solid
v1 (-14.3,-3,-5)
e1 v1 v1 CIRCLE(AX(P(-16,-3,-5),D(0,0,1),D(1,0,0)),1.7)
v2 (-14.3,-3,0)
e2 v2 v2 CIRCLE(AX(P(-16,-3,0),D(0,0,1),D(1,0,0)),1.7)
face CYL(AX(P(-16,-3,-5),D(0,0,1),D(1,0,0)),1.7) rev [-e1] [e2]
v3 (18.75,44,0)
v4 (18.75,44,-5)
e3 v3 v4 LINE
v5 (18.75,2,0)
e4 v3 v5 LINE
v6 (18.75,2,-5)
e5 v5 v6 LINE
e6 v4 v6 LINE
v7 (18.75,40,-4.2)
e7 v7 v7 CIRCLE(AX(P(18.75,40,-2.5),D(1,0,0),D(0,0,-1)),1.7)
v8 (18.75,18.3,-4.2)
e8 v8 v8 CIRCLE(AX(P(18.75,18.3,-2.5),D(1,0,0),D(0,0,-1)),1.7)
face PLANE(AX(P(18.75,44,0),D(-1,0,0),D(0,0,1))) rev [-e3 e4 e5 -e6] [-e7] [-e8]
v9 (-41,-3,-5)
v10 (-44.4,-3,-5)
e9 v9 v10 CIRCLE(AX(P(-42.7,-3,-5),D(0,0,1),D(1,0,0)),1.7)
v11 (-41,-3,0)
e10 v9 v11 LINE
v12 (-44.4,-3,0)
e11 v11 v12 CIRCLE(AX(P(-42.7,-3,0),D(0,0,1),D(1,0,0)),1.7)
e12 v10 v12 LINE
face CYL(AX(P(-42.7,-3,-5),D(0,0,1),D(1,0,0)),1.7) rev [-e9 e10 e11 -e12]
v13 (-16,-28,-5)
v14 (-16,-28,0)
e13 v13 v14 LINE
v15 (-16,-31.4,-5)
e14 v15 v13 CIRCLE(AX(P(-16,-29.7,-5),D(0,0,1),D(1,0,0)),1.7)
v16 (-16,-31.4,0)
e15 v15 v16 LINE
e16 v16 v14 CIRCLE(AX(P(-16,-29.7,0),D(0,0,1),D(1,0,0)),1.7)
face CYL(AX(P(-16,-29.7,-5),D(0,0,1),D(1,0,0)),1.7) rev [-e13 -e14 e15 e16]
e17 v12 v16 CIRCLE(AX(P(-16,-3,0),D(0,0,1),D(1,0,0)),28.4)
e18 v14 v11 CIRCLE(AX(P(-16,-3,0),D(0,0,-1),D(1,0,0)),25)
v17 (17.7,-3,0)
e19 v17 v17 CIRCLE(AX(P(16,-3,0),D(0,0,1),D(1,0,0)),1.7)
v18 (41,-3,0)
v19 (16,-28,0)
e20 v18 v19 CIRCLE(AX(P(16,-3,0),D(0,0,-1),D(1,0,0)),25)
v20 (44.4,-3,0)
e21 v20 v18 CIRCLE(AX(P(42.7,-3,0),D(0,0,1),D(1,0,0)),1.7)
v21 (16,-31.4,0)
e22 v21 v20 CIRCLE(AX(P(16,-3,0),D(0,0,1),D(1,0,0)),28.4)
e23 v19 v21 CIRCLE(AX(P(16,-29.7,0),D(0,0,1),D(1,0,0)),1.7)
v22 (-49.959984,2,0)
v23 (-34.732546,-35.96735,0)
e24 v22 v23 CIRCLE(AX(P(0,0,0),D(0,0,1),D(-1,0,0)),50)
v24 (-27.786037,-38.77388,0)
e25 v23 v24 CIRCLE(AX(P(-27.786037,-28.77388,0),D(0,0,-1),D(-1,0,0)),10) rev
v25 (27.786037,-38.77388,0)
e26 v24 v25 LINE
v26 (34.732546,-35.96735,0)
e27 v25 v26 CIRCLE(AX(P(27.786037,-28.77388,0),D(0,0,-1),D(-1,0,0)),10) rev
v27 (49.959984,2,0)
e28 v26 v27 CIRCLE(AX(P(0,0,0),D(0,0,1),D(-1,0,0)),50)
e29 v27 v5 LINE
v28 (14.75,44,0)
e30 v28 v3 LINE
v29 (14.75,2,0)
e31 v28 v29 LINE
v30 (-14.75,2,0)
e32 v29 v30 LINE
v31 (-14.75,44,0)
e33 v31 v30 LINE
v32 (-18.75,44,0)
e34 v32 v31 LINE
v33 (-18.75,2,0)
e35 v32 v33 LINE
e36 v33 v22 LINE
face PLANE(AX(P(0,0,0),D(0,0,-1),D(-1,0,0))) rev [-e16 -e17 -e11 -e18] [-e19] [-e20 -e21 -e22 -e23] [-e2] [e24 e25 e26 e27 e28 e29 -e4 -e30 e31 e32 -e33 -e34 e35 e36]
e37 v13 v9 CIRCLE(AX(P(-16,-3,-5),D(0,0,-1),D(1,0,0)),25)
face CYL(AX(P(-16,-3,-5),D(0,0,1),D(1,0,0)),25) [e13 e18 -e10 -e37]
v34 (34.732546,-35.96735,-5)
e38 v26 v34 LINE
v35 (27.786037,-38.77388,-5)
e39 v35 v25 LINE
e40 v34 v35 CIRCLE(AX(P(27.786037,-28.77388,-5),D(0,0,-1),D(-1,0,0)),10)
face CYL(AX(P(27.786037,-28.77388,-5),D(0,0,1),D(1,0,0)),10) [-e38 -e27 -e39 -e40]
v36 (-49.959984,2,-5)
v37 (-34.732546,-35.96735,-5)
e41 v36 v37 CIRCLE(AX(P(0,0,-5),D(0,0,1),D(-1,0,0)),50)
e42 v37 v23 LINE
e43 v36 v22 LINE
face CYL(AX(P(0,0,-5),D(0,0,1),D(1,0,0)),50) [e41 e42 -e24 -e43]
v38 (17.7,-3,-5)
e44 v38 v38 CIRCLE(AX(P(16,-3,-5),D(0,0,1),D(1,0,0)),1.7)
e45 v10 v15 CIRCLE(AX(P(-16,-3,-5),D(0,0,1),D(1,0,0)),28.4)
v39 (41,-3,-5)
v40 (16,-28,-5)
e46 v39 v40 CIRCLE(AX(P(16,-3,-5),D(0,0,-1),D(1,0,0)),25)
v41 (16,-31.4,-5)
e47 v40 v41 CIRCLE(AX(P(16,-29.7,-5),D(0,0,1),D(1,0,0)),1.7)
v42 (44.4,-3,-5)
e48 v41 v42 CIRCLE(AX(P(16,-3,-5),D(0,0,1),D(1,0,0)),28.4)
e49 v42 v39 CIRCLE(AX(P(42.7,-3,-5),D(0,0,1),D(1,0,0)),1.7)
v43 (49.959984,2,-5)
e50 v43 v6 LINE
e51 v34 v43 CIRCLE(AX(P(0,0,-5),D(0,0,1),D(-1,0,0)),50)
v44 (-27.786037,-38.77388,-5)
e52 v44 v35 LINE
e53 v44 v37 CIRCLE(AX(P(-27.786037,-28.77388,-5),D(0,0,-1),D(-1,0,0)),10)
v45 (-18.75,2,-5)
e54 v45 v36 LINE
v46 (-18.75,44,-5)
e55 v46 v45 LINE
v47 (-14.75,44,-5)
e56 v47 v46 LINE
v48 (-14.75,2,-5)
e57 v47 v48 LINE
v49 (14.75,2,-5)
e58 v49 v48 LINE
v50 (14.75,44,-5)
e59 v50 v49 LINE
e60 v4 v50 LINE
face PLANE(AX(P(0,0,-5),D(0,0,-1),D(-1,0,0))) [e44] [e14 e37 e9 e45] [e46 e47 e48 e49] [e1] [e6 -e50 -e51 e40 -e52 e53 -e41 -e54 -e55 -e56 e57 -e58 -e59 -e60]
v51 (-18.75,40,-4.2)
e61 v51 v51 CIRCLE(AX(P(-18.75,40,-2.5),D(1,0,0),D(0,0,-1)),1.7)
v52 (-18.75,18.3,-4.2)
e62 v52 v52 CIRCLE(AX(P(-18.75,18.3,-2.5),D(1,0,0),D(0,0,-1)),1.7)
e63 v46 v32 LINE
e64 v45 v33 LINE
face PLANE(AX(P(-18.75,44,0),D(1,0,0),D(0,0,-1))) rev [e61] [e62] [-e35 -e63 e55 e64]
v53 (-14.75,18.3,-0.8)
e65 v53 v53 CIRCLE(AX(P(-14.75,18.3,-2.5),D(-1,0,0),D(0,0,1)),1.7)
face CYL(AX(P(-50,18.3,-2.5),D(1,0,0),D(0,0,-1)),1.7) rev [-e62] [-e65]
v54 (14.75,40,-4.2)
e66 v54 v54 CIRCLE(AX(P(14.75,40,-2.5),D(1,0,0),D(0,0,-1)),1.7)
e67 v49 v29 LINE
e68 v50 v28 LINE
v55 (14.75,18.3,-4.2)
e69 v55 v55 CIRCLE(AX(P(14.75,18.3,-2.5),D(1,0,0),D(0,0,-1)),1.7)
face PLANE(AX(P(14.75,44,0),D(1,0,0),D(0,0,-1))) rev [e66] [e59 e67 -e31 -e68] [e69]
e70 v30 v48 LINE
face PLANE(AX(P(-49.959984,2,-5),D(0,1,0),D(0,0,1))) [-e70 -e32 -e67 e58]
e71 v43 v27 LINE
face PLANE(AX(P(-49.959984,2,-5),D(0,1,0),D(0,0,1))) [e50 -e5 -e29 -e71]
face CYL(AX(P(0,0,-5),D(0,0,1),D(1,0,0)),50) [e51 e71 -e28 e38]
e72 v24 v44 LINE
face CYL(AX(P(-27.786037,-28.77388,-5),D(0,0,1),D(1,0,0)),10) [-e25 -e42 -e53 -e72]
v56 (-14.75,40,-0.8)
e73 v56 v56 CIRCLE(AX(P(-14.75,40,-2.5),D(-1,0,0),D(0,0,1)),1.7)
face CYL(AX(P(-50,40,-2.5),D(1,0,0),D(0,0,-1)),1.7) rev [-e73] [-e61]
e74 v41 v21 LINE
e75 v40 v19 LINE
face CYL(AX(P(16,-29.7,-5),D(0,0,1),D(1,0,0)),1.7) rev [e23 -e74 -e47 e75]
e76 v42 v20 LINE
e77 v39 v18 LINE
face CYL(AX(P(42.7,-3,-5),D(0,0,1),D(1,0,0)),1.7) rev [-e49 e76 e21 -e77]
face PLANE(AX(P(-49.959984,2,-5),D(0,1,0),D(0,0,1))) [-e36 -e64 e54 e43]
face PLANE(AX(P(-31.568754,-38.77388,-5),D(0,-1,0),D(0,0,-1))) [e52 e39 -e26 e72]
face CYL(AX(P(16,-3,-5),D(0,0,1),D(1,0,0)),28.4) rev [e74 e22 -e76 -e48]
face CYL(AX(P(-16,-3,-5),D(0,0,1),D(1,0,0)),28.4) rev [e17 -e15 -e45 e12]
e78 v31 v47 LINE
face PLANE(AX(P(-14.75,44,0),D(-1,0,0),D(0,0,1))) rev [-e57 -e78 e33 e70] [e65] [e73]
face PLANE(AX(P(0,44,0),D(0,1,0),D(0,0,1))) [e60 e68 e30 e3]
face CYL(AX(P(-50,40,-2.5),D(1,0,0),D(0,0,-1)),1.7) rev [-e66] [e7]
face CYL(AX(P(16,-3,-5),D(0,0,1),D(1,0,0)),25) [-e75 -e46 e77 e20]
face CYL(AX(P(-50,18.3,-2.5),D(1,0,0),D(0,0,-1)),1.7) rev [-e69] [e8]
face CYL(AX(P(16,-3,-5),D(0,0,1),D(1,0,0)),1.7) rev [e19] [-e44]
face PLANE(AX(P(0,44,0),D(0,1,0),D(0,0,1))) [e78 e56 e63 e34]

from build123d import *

# Parameters (mm, degrees)
SKETCH1_R           = 1.7
BOSS_EXTRUDE1_DEPTH = 5
SKETCH2_W           = 4
SKETCH2_H           = 5
BOSS_EXTRUDE2_DEPTH = 42
SKETCH3_R           = 1.7
CUT_EXTRUDE1_DEPTH  = 69.75
FILLET1_R           = 10
FILLET2_R           = 10


with BuildPart() as part:
    # Sketch1 → Boss-Extrude1 (new body)
    with BuildSketch(Plane.XY):
        with BuildLine():
            Line((-49.959983987, 2), (49.959983987, 2))
            ThreePointArc((49.959983987, 2), (45.578077054, -20.558183092), (31.568754239, -38.773879814))
            Line((31.568754239, -38.773879814), (-31.568754239, -38.773879814))
            ThreePointArc((-31.568754239, -38.773879814), (-45.578077054, -20.558183092), (-49.959983987, 2))
        make_face()
        with Locations((-16, -3)):
            Circle(SKETCH1_R, mode=Mode.SUBTRACT)
        with Locations((16, -3)):
            Circle(SKETCH1_R, mode=Mode.SUBTRACT)
        with BuildLine():
            ThreePointArc((-44.4, -3), (-36.081832586, -23.081832586), (-16, -31.4))
            ThreePointArc((-16, -31.4), (-14.3, -29.7), (-16, -28))
            ThreePointArc((-16, -28), (-33.67766953, -20.67766953), (-41, -3))
            ThreePointArc((-41, -3), (-42.7, -1.3), (-44.4, -3))
        make_face(mode=Mode.SUBTRACT)
        with BuildLine():
            ThreePointArc((16, -31.4), (36.081832586, -23.081832586), (44.4, -3))
            ThreePointArc((44.4, -3), (42.7, -1.3), (41, -3))
            ThreePointArc((41, -3), (33.67766953, -20.67766953), (16, -28))
            ThreePointArc((16, -28), (14.3, -29.7), (16, -31.4))
        make_face(mode=Mode.SUBTRACT)
    extrude(amount=-BOSS_EXTRUDE1_DEPTH)

    # Sketch2 → Boss-Extrude2 (add)
    with BuildSketch(Plane(origin=(0, 2, 0), x_dir=(1, 0, 0), z_dir=(0, 1, 0))):
        with Locations((16.75, 2.5)):
            Rectangle(SKETCH2_W, SKETCH2_H)
        with Locations((-16.75, 2.5)):
            Rectangle(SKETCH2_W, SKETCH2_H)
    extrude(amount=BOSS_EXTRUDE2_DEPTH)

    # Sketch3 → Cut-Extrude1 (cut, through all)
    with BuildSketch(Plane(origin=(18.75, 0, 0), x_dir=(0, 0, -1), z_dir=(1, 0, 0))):
        with Locations((2.5, 40)):
            Circle(SKETCH3_R)
        with Locations((2.5, 18.3)):
            Circle(SKETCH3_R)
    extrude(amount=-CUT_EXTRUDE1_DEPTH, mode=Mode.SUBTRACT)

    # Fillet1
    fillet1_edges = [part.edges().sort_by_distance(p)[0] for p in [
        (31.568754239, -38.773879814, -2.5),
    ]]
    fillet(fillet1_edges, radius=FILLET1_R)

    # Fillet2
    fillet2_edges = [part.edges().sort_by_distance(p)[0] for p in [
        (-31.568754239, -38.773879814, -2.5),
    ]]
    fillet(fillet2_edges, radius=FILLET2_R)


solid = part.part
